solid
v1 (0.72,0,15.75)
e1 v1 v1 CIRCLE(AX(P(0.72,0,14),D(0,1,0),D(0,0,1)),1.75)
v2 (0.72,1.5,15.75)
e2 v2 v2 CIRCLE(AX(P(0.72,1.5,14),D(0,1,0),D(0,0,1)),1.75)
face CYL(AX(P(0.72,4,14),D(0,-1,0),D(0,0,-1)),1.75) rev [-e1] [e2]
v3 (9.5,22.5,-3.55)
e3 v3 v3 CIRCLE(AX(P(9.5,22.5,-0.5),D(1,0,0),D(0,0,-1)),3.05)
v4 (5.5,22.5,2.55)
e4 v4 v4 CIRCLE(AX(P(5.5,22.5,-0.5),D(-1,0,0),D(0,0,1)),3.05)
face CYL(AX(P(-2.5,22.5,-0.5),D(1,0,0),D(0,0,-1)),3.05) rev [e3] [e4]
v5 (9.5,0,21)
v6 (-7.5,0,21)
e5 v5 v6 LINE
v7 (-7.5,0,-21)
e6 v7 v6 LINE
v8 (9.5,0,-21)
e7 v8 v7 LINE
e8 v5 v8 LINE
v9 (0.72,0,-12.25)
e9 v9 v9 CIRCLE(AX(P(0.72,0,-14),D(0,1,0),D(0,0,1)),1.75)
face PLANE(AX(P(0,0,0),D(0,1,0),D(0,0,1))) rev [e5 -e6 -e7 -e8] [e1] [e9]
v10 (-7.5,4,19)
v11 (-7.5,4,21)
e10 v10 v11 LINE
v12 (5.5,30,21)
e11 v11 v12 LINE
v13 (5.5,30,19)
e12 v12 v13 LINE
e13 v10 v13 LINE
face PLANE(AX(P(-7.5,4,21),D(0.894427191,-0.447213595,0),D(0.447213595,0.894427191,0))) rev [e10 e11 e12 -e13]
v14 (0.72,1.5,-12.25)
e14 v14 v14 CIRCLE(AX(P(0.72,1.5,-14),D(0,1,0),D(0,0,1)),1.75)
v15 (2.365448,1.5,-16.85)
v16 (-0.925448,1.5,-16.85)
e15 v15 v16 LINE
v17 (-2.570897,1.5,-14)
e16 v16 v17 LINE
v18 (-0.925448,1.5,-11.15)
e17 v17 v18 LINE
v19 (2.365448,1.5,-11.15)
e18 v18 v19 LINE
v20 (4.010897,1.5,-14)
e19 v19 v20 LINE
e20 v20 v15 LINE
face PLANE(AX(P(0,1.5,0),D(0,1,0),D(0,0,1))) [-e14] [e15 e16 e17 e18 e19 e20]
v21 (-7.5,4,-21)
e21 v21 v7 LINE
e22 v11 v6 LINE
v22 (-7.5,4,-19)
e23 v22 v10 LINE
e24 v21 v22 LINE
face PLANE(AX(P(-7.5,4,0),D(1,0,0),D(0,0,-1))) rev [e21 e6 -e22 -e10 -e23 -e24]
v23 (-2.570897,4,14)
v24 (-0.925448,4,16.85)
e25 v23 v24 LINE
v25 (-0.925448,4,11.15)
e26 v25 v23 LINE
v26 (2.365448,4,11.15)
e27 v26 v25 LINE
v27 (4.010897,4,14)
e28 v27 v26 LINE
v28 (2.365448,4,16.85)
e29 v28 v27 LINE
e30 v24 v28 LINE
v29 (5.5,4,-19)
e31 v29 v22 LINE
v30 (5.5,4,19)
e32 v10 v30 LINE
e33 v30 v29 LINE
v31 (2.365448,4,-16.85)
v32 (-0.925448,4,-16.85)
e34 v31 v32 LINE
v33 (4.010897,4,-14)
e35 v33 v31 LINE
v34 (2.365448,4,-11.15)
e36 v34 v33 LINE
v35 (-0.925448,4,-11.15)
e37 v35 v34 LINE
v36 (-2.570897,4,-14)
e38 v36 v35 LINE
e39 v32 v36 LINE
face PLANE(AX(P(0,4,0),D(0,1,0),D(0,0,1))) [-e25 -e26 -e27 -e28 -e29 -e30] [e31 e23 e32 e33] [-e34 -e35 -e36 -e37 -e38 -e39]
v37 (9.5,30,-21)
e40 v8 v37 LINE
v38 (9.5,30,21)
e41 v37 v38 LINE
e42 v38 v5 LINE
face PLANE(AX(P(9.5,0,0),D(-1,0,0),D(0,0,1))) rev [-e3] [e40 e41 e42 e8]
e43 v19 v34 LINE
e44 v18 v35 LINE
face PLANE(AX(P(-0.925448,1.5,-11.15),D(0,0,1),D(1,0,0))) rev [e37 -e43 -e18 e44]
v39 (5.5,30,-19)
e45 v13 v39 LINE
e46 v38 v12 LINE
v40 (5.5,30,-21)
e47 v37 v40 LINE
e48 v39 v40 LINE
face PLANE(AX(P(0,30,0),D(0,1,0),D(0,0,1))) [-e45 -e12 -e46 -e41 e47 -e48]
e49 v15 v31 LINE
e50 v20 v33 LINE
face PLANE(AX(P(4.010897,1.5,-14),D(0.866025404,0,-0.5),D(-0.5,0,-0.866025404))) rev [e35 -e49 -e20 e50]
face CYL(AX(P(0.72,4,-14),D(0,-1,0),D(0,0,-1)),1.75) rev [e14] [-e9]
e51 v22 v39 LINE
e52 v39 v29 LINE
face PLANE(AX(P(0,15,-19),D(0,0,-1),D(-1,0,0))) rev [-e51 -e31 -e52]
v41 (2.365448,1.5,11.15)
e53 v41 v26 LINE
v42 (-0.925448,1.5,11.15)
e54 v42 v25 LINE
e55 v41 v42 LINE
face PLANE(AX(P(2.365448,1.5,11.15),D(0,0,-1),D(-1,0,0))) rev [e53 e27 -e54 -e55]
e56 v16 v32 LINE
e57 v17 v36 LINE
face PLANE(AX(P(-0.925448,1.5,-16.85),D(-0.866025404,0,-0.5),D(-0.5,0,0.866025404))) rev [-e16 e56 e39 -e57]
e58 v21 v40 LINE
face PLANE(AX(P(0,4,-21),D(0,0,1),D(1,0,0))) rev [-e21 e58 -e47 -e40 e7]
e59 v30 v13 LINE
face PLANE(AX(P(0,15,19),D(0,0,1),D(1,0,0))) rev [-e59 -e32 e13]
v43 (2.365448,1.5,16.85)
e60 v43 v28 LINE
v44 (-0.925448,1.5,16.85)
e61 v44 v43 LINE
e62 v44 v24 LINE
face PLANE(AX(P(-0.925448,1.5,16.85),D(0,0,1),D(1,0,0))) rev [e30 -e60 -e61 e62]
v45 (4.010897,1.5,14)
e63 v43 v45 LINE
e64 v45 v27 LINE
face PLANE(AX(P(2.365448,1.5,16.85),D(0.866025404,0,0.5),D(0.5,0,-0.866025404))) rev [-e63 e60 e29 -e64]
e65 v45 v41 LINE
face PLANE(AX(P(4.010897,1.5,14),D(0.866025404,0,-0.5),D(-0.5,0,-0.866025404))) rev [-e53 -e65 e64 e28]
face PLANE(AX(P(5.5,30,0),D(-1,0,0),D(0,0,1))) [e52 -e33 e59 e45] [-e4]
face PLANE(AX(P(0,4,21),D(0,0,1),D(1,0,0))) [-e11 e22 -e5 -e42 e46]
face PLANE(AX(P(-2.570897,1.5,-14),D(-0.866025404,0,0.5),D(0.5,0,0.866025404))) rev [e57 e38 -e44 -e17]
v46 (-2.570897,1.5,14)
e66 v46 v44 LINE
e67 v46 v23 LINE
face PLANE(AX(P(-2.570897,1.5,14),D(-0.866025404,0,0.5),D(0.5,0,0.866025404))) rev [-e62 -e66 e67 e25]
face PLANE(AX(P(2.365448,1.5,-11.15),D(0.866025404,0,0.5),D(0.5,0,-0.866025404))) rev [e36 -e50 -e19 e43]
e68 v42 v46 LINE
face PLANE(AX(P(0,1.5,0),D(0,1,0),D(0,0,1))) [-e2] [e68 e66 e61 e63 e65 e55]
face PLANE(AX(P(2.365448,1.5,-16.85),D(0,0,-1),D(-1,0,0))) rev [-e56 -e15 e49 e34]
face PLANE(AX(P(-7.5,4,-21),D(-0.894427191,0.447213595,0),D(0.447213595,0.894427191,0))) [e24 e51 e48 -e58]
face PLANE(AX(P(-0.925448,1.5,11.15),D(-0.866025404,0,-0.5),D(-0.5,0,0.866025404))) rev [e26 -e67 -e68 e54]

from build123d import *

# Parameters (mm, degrees)
SKETCH1_W                = 13
SKETCH1_H                = 42
SKETCH1_R                = 1.75
BOSS_EXTRUDE1_DEPTH      = 4
SKETCH1_3_W              = 2
SKETCH1_3_H              = 42
BOSS_EXTRUDE2_DEPTH      = 30
SKETCH3_R                = 3.1
CUT_EXTRUDE1_DEPTH       = 50
RIB1_REACH               = 54.156
SKETCH4_WALL_W           = 135.380915612
SKETCH4_WALL_H           = 2
CUT_EXTRUDE2_DEPTH       = 2.5
BOSS_EXTRUDE3_DEPTH      = 2
BOSS_EXTRUDE3_DEPTH_BACK = 2
SKETCH7_W                = 42
SKETCH7_H                = 30
SKETCH8_R                = 3.05
CUT_EXTRUDE3_DEPTH       = 12


with BuildPart() as part:
    # Sketch1 → Boss-Extrude1 (new body)
    with BuildSketch(Plane(origin=(0, 0, 0), x_dir=(1, 0, 0), z_dir=(0, 1, 0))):
        with Locations((-1, 0)):
            Rectangle(SKETCH1_W, SKETCH1_H)
        with Locations((0.72, -14)):
            Circle(SKETCH1_R, mode=Mode.SUBTRACT)
        with Locations((0.72, 14)):
            Circle(SKETCH1_R, mode=Mode.SUBTRACT)
    extrude(amount=BOSS_EXTRUDE1_DEPTH)

    # Sketch1<3> → Boss-Extrude2 (add)
    with BuildSketch(Plane(origin=(0, 0, 0), x_dir=(1, 0, 0), z_dir=(0, 1, 0))):
        with Locations((6.5, 0)):
            Rectangle(SKETCH1_3_W, SKETCH1_3_H)
    extrude(amount=BOSS_EXTRUDE2_DEPTH)

    # Sketch3 → Cut-Extrude1 (cut)
    with BuildSketch(Plane(origin=(7.5, 0, 0), x_dir=(0, 0, -1), z_dir=(1, 0, 0))):
        with Locations((0, 22.5)):
            Circle(SKETCH3_R)
    extrude(amount=-CUT_EXTRUDE1_DEPTH, mode=Mode.SUBTRACT)

    # Sketch4 wall → Rib1 (add, up to next)
    with BuildSketch(Plane(origin=(-1, 17, 21), x_dir=(0.4472135955, 0.894427191, 0), z_dir=(-0.894427191, 0.4472135955, 0)), mode=Mode.PRIVATE) as rib1_sk1:
        with Locations((0, 1)):
            Rectangle(SKETCH4_WALL_W, SKETCH4_WALL_H)
    rib1_tool1 = extrude(rib1_sk1.sketch, amount=-RIB1_REACH, mode=Mode.PRIVATE) - part.part
    rib1 = rib1_tool1.solids().sort_by_distance((-1, 17, 21))[0]
    add(rib1)

    # Mirror1: Rib1 across plane
    add(rib1.mirror(Plane.XY))

    # Sketch6 → Cut-Extrude2 (cut)
    with BuildSketch(Plane(origin=(0, 4, 0), x_dir=(1, 0, 0), z_dir=(0, 1, 0))):
        Polygon((-2.570896534, -14), (-0.925448267, -16.85), (2.365448267, -16.85), (4.010896534, -14), (2.365448267, -11.15), (-0.925448267, -11.15), align=None)
        Polygon((-2.570896534, 14), (-0.925448267, 11.15), (2.365448267, 11.15), (4.010896534, 14), (2.365448267, 16.85), (-0.925448267, 16.85), align=None)
    extrude(amount=-CUT_EXTRUDE2_DEPTH, mode=Mode.SUBTRACT)

    # Sketch7 → Boss-Extrude3 (add, two sides: drawn at the far end of the back side and taken through both)
    with BuildSketch(Plane(origin=(7.5, 0, 0), x_dir=(0, 0, -1), z_dir=(1, 0, 0)).offset(-BOSS_EXTRUDE3_DEPTH_BACK)):
        with Locations((0, 15)):
            Rectangle(SKETCH7_W, SKETCH7_H)
    extrude(amount=BOSS_EXTRUDE3_DEPTH + BOSS_EXTRUDE3_DEPTH_BACK)

    # Sketch8 → Cut-Extrude3 (cut)
    with BuildSketch(Plane(origin=(9.5, 0, 0), x_dir=(0, 0, -1), z_dir=(1, 0, 0))):
        with Locations((0.5, 22.5)):
            Circle(SKETCH8_R)
    extrude(amount=-CUT_EXTRUDE3_DEPTH, mode=Mode.SUBTRACT)


solid = part.part
